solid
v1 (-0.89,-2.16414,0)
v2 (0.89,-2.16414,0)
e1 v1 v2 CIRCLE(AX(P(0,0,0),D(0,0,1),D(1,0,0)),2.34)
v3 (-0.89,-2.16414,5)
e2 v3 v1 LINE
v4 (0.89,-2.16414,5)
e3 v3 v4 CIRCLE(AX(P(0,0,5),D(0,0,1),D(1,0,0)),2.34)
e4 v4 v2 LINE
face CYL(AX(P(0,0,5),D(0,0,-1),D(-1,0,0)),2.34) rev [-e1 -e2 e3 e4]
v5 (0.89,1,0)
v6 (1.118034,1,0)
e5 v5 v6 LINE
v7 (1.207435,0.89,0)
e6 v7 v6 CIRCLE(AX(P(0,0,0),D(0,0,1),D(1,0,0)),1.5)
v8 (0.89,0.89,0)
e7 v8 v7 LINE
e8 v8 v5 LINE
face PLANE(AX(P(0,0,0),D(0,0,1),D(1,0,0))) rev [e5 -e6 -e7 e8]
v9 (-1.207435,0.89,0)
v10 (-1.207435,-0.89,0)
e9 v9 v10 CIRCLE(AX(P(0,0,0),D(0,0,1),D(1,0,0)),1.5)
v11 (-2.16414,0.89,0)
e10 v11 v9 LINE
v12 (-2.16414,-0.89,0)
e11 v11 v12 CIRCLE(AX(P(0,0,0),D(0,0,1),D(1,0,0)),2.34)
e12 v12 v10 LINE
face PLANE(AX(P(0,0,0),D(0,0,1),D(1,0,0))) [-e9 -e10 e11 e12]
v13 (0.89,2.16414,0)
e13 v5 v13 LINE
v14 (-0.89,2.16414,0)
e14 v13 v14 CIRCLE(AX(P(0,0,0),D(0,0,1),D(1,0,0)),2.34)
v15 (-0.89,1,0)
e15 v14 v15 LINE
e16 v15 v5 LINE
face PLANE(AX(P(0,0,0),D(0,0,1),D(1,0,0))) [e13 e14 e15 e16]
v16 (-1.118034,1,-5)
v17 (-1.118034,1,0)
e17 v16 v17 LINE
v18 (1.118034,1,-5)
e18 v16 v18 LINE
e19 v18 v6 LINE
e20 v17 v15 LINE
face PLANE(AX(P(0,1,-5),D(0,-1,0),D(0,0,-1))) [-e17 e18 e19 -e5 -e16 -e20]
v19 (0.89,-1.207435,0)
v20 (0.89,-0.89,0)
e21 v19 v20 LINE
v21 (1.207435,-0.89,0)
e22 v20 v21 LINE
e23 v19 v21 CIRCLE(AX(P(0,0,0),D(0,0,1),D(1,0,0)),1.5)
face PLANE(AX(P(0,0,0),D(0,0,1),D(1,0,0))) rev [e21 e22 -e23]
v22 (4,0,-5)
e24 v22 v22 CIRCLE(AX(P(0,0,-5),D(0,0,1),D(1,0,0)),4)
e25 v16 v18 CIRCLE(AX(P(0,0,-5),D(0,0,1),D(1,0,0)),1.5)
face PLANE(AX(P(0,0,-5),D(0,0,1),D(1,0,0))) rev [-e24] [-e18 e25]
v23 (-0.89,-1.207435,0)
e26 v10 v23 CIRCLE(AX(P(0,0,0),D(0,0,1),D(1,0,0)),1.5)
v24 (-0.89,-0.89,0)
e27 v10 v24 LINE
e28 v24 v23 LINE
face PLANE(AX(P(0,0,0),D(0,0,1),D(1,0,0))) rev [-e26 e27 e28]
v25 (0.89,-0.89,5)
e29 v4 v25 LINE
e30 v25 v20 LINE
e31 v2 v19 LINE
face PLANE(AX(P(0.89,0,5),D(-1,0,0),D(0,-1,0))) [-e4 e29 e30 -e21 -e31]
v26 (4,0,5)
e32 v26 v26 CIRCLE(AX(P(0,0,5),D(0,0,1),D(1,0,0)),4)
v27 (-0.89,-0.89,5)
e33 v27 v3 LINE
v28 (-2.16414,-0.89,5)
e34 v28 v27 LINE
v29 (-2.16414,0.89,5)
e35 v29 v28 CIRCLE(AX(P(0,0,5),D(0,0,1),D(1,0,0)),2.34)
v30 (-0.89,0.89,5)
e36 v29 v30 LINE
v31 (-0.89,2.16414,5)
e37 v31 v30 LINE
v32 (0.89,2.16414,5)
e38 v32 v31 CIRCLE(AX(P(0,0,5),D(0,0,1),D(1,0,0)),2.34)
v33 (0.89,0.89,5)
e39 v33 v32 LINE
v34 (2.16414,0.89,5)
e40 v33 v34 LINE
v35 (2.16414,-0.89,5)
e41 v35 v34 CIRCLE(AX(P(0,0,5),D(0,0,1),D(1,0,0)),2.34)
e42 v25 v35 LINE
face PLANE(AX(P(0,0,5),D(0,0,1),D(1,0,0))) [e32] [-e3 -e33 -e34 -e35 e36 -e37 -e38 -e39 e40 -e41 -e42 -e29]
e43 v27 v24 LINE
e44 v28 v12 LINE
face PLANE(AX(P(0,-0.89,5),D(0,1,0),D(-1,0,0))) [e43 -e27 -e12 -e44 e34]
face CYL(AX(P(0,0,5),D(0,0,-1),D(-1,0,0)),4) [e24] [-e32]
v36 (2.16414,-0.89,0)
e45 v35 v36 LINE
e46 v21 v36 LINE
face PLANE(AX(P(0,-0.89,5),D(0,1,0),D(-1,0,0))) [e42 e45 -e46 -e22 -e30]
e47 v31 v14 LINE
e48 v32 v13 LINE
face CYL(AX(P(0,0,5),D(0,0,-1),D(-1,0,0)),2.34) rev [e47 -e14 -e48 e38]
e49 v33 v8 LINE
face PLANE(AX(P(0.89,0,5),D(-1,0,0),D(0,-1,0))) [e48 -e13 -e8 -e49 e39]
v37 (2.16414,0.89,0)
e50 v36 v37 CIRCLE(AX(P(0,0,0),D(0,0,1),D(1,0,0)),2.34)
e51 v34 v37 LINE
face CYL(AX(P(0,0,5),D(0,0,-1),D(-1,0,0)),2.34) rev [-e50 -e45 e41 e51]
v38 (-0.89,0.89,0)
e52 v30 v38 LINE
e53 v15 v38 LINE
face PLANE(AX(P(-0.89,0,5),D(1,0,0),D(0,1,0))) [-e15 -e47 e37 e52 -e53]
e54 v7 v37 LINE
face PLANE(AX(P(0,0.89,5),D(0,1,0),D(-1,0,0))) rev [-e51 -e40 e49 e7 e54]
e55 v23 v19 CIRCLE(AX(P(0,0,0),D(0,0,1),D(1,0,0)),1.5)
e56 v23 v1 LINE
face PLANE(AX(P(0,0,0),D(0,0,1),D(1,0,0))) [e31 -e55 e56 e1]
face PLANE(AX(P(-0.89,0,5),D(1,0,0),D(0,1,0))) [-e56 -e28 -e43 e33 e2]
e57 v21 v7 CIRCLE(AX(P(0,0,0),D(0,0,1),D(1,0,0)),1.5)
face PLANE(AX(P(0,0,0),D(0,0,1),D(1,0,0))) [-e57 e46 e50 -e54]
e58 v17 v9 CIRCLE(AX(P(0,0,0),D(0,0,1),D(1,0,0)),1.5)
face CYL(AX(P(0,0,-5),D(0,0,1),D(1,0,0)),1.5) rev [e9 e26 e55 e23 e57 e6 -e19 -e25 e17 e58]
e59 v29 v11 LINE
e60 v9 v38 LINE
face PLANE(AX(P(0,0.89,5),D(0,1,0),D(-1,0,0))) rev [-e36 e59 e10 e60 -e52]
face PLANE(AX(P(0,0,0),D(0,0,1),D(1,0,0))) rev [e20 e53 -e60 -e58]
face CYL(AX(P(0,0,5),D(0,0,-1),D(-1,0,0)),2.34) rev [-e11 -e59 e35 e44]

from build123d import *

# Parameters (mm, degrees)
SKETCH1_R           = 4
BOSS_EXTRUDE1_DEPTH = 5
BOSS_EXTRUDE2_START = -5
SKETCH1_3_R         = 4
BOSS_EXTRUDE2_DEPTH = 5


with BuildPart() as part:
    # Sketch1 → Boss-Extrude1 (new body)
    with BuildSketch(Plane.XY):
        Circle(SKETCH1_R)
        with BuildLine():
            ThreePointArc((-0.89, 2.164139552), (0, 2.34), (0.89, 2.164139552))
            Line((0.89, 2.164139552), (0.89, 0.89))
            Line((0.89, 0.89), (2.164139552, 0.89))
            ThreePointArc((2.164139552, 0.89), (2.34, 0), (2.164139552, -0.89))
            Line((2.164139552, -0.89), (0.89, -0.89))
            Line((0.89, -0.89), (0.89, -2.164139552))
            ThreePointArc((0.89, -2.164139552), (0, -2.34), (-0.89, -2.164139552))
            Line((-0.89, -2.164139552), (-0.89, -0.89))
            Line((-0.89, -0.89), (-2.164139552, -0.89))
            ThreePointArc((-2.164139552, -0.89), (-2.34, 0), (-2.164139552, 0.89))
            Line((-2.164139552, 0.89), (-0.89, 0.89))
            Line((-0.89, 0.89), (-0.89, 2.164139552))
        make_face(mode=Mode.SUBTRACT)
    extrude(amount=BOSS_EXTRUDE1_DEPTH)

    # Sketch1<3> → Boss-Extrude2 (add)
    with BuildSketch(Plane.XY.offset(BOSS_EXTRUDE2_START)):
        Circle(SKETCH1_3_R)
        with BuildLine():
            ThreePointArc((1.118033989, 1), (0, -1.5), (-1.118033989, 1))
            Line((-1.118033989, 1), (1.118033989, 1))
        make_face(mode=Mode.SUBTRACT)
    extrude(amount=BOSS_EXTRUDE2_DEPTH)


solid = part.part
